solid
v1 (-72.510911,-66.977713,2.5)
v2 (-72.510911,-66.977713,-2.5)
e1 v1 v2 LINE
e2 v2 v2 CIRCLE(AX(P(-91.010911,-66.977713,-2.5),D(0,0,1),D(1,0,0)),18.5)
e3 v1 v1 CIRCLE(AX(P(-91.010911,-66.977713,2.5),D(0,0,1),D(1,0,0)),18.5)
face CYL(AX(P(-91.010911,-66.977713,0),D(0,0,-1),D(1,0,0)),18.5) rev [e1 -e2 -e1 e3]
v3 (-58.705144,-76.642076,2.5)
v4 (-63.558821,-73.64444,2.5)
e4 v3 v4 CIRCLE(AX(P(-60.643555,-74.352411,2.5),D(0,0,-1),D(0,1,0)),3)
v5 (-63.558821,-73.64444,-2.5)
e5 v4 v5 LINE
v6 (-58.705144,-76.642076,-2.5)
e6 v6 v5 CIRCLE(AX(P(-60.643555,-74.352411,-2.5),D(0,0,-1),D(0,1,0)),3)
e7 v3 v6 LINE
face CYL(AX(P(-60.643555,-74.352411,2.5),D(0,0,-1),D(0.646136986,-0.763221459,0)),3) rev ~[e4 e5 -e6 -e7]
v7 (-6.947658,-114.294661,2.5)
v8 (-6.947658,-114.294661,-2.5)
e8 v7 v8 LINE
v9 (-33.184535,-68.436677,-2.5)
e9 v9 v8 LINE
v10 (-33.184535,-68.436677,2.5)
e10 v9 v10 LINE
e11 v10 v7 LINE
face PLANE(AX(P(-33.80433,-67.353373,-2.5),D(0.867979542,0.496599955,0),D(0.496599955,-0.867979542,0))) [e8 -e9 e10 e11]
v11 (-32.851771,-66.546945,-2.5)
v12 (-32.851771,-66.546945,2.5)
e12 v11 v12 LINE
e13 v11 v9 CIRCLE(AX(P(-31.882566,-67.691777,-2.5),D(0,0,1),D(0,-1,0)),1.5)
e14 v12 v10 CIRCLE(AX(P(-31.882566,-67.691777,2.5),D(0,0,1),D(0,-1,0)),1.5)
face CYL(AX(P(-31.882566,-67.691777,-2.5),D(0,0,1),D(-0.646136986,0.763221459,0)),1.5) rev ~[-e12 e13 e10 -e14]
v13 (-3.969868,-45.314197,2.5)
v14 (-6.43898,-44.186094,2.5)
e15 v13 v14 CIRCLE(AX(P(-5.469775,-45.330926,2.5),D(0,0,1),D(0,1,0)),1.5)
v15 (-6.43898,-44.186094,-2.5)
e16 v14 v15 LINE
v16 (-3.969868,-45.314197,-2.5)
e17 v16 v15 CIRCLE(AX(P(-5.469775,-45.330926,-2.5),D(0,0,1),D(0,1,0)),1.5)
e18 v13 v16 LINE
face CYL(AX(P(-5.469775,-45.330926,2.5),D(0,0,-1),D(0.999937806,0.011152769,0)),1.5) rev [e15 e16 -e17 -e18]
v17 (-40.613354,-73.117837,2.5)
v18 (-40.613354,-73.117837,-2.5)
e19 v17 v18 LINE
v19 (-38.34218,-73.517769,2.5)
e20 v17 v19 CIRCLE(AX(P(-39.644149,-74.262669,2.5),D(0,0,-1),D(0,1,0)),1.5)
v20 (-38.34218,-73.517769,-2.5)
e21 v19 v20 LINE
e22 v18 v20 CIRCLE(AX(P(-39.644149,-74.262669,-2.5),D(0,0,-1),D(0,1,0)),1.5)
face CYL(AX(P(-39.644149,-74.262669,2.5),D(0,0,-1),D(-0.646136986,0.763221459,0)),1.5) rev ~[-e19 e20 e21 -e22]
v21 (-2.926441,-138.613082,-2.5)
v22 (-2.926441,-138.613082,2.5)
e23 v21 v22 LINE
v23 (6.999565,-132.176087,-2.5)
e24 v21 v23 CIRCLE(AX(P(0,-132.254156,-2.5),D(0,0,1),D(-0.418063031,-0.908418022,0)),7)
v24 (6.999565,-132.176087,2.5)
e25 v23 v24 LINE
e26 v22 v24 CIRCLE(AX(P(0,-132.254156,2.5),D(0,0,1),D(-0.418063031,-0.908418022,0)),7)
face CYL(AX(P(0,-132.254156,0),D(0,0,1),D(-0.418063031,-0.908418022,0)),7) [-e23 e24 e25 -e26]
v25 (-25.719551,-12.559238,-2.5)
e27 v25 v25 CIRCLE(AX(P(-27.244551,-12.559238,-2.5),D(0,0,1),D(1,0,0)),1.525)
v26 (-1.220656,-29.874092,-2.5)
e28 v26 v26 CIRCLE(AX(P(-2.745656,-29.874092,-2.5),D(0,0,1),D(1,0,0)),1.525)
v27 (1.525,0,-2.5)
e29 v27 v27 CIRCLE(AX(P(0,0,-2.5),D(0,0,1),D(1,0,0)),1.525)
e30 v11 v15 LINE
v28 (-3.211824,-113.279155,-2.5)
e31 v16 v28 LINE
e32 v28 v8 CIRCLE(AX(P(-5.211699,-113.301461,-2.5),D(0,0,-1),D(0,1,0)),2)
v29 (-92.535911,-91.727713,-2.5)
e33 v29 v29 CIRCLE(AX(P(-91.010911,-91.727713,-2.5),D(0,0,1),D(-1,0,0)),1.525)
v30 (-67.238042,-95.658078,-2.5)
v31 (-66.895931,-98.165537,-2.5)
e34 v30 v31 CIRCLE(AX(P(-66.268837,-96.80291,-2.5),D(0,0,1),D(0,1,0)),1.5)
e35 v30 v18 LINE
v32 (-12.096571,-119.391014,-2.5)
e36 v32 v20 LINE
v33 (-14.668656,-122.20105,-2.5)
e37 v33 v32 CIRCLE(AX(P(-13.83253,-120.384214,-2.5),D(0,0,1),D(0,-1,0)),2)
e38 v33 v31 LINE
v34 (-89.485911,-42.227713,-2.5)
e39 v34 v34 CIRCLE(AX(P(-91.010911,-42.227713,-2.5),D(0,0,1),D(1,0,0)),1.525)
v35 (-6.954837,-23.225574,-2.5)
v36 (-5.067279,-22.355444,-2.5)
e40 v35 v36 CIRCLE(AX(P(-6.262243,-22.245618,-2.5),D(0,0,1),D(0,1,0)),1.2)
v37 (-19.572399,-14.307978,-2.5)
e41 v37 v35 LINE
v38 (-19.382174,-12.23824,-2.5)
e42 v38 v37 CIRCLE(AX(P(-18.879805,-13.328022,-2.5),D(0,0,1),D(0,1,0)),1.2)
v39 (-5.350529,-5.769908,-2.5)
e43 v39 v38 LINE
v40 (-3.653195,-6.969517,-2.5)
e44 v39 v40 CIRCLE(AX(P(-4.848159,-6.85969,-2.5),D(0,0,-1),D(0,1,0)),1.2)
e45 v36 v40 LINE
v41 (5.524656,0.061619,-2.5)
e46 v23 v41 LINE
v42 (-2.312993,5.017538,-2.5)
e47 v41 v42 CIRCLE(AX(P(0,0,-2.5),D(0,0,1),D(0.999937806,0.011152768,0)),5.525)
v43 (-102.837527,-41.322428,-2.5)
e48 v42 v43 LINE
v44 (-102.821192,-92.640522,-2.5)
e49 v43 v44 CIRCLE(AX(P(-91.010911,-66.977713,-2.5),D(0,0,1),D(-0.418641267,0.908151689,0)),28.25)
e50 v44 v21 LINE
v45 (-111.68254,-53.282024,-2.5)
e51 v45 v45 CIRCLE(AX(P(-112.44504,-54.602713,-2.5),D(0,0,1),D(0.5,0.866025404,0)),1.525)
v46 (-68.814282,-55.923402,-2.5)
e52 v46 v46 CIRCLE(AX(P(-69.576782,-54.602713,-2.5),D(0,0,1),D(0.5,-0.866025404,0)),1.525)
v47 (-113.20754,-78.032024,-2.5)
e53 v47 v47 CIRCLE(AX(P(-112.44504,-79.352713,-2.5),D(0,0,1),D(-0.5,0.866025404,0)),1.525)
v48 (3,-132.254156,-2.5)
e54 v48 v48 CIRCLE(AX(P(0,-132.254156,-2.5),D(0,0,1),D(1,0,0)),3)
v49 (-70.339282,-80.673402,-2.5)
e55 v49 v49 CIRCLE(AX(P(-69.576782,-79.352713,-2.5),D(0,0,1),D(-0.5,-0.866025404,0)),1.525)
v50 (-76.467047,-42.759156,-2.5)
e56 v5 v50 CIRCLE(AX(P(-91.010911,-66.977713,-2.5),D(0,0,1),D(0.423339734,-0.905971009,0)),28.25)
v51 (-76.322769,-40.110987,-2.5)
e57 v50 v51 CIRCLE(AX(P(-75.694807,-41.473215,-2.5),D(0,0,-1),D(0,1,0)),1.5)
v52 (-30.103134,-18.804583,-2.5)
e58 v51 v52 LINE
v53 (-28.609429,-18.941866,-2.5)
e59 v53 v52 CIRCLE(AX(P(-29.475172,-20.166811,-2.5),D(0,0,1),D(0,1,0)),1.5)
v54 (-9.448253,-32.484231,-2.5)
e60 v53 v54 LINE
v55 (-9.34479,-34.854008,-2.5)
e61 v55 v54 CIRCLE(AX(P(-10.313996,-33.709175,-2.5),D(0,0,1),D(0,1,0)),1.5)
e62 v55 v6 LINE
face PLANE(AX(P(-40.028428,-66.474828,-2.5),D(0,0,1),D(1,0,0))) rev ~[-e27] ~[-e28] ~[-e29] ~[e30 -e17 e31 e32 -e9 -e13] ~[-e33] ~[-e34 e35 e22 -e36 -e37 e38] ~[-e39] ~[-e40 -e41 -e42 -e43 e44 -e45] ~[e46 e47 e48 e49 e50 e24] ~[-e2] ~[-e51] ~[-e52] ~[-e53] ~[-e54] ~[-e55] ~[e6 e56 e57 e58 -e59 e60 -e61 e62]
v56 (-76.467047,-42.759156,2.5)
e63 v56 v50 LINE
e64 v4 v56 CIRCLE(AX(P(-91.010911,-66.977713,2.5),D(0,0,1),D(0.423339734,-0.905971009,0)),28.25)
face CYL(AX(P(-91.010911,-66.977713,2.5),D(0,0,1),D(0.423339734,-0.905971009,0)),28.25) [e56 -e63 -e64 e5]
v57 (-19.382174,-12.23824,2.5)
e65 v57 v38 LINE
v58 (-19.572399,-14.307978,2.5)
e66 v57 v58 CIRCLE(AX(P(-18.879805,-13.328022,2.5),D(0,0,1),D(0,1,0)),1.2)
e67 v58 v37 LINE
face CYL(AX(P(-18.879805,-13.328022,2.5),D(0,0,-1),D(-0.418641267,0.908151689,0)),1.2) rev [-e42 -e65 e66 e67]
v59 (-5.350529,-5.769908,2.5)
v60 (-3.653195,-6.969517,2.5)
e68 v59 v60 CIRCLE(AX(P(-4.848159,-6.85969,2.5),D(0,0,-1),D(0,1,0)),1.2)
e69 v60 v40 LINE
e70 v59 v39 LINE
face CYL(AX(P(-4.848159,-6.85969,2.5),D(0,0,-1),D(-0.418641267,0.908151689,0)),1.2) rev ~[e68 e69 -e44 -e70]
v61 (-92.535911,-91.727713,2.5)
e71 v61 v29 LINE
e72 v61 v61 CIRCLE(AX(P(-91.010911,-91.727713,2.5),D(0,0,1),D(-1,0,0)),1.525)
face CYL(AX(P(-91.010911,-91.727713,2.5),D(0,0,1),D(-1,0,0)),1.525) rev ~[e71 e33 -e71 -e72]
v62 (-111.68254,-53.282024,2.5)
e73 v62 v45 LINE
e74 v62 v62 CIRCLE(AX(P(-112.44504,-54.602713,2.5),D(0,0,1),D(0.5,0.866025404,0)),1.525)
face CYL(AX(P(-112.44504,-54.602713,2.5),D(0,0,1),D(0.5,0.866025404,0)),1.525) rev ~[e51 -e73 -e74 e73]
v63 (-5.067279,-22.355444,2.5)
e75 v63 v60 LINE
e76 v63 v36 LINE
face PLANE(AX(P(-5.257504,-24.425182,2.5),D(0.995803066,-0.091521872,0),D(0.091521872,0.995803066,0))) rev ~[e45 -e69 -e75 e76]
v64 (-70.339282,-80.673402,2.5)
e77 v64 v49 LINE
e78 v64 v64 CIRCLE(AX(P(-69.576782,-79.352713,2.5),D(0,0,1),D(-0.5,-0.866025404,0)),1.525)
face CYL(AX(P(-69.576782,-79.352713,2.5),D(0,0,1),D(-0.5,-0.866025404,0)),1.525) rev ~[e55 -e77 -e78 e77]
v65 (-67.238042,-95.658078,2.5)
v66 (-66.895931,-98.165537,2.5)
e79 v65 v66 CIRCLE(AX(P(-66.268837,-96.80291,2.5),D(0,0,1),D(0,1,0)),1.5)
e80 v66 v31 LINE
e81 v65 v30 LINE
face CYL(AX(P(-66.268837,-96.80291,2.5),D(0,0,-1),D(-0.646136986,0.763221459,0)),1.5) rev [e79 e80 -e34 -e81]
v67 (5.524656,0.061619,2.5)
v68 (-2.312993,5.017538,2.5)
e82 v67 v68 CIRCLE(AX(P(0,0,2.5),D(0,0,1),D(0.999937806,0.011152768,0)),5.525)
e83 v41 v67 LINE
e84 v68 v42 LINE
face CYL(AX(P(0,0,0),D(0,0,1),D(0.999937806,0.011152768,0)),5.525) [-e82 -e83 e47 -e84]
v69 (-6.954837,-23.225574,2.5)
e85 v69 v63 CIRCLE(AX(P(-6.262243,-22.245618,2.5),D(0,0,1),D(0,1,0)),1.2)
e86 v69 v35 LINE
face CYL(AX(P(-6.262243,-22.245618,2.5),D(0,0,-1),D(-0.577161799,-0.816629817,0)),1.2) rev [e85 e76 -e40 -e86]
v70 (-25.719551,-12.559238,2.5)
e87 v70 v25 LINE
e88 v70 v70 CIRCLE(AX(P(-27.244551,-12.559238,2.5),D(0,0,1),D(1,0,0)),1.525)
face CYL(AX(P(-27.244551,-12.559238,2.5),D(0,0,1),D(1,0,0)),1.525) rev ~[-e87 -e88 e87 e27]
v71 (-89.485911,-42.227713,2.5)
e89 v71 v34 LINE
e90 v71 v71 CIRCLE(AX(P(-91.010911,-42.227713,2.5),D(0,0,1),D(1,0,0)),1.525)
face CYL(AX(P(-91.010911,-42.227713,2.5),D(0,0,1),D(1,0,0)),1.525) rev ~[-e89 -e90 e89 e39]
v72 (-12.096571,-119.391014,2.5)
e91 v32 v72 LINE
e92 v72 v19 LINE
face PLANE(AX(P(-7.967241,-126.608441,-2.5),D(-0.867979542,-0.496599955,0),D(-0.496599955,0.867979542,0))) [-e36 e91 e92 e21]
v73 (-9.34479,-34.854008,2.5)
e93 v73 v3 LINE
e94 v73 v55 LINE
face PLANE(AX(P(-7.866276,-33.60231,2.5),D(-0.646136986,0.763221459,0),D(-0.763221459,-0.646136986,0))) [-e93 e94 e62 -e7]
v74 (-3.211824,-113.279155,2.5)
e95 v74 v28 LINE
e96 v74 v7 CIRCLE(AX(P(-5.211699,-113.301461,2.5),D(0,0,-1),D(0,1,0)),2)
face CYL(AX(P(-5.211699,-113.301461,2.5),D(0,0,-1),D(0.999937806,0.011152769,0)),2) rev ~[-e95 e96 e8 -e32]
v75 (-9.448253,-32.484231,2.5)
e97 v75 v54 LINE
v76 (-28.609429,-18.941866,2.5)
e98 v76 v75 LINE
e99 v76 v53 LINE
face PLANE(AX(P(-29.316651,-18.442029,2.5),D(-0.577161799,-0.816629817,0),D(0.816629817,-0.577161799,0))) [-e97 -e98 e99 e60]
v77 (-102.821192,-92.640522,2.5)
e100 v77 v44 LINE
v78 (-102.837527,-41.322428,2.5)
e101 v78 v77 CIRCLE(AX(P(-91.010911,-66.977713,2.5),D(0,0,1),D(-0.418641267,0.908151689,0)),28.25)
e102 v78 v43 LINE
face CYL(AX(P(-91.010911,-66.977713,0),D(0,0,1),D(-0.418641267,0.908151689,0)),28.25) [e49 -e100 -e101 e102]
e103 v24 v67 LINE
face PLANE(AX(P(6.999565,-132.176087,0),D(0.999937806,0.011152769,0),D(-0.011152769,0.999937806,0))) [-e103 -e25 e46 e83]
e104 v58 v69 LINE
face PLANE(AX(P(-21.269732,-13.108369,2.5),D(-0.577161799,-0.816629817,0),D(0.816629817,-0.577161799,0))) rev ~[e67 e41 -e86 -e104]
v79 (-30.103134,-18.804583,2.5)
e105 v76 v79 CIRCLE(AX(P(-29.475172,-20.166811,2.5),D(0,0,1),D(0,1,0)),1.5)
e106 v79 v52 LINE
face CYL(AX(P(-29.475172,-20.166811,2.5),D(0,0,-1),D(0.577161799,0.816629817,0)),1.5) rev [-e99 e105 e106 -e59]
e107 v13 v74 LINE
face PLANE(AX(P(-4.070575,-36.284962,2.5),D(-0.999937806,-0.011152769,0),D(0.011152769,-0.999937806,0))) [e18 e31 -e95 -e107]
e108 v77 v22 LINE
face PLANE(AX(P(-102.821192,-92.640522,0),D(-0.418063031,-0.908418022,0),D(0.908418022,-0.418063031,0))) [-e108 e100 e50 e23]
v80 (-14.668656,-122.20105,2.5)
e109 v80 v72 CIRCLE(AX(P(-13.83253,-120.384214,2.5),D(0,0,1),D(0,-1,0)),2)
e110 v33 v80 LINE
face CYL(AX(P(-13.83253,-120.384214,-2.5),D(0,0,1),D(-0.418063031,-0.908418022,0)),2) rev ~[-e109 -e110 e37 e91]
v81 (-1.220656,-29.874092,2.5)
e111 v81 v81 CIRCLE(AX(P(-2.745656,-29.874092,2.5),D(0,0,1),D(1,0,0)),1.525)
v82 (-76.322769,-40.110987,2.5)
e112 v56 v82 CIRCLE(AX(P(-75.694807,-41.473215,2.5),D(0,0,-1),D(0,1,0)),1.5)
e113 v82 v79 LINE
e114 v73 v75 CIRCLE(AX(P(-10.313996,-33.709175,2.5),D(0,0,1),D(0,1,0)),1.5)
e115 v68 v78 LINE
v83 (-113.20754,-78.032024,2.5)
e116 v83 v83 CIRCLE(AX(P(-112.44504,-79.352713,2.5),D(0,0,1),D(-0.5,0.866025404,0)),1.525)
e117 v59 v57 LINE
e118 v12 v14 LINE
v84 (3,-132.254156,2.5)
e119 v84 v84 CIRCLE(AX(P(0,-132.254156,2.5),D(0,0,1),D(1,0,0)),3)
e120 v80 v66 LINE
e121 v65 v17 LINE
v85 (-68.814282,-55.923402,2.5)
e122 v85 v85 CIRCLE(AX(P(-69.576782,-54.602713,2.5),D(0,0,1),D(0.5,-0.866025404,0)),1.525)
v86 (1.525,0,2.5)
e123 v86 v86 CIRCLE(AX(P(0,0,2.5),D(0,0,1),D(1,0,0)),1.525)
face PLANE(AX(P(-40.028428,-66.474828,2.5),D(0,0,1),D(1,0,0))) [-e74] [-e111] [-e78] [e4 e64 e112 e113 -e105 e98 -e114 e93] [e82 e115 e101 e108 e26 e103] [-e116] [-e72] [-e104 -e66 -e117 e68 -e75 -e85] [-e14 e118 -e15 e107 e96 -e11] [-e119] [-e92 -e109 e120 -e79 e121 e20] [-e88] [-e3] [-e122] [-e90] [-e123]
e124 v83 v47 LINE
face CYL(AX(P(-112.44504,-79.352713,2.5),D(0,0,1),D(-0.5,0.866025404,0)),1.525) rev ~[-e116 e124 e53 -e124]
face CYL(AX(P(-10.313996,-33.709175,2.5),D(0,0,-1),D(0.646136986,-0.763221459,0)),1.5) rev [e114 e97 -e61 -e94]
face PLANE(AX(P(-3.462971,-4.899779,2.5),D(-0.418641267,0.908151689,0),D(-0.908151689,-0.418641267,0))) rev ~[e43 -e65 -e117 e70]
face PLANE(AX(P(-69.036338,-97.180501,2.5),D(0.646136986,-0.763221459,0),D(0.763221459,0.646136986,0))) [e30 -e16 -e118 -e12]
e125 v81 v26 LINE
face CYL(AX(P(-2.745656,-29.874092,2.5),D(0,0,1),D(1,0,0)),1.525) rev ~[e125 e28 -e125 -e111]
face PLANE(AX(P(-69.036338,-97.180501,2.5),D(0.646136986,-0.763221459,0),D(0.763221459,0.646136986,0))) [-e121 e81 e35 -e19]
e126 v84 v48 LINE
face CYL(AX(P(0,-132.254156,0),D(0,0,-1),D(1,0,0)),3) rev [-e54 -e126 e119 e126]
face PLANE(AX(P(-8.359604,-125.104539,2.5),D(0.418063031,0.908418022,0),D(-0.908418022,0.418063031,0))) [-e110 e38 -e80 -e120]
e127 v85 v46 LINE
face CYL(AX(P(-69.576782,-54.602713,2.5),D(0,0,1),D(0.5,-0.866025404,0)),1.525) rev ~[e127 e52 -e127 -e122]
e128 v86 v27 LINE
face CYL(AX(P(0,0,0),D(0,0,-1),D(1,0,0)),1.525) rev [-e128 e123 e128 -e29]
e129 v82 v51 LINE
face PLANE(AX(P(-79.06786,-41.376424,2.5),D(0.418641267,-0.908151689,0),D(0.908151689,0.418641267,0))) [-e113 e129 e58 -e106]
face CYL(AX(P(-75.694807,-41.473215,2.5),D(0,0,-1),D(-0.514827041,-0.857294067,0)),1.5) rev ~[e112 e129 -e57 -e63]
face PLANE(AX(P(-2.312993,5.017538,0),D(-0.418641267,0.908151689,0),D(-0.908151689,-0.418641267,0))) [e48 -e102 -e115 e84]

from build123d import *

# Parameters (mm, degrees)
SKETCH_1_R               = 18.5
SKETCH_1_R_2             = 1.525
SKETCH_1_R_3             = 3
EXTRUDE_1_DEPTH          = 2.5
SKETCH_4_R               = 1.525
CUT_EXTRUDE_3_DEPTH      = 10
PATTERN_CIRCULAR_2_COUNT = 6
SKETCH_5_R               = 1.525
CUT_EXTRUDE_4_DEPTH      = 31.54
CUT_EXTRUDE_5_DEPTH      = 31.54
EXTRUDE_2_DEPTH          = 5
EXTRUDE_3_DEPTH          = 5
FILLET_2_R               = 1.5
FILLET_2_2_R             = 3
CUT_EXTRUDE_7_DEPTH      = 5
FILLET_4_R               = 1.2
FILLET_5_R               = 2


with BuildPart() as part:
    # Sketch 1 → Extrude 1 (new body, symmetric)
    with BuildSketch(Plane.XY):
        with BuildLine():
            Line((-102.821191847, -92.640522116), (-2.926441218, -138.613082375))
            ThreePointArc((-2.926441218, -138.613082375), (3.8087152, -138.127288993), (6.999564642, -132.176086843))
            Line((6.999564642, -132.176086843), (5.524656378, 0.061619046))
            ThreePointArc((5.524656378, 0.061619046), (2.952791693, 4.66975869), (-2.312992999, 5.01753808))
            Line((-2.312992999, 5.01753808), (-102.837527006, -41.322427799))
            ThreePointArc((-102.837527006, -41.322427799), (-119.260909787, -66.986705315), (-102.821191847, -92.640522116))
        make_face()
        with Locations((-91.010911218, -66.977713005)):
            Circle(SKETCH_1_R, mode=Mode.SUBTRACT)
        Circle(SKETCH_1_R_2, mode=Mode.SUBTRACT)
        with Locations((0, -132.254156223)):
            Circle(SKETCH_1_R_3, mode=Mode.SUBTRACT)
    extrude(amount=EXTRUDE_1_DEPTH, both=True)

    # Sketch 4 → Cut-Extrude 3 (cut)
    with BuildSketch(Plane.XY.offset(2.5)):
        with Locations((-91.010911218, -42.227713005)):
            Circle(SKETCH_4_R)
    cut_extrude_3 = extrude(amount=-CUT_EXTRUDE_3_DEPTH, mode=Mode.SUBTRACT)

    # Pattern Circular 2: Cut-Extrude 3 ×6 about axis
    pattern_circular_2_axis = Axis((-91.010911218, -66.977713005, 0), (0, 0, 1))
    for i in range(1, PATTERN_CIRCULAR_2_COUNT):
        add(cut_extrude_3.rotate(pattern_circular_2_axis, i * 360 / PATTERN_CIRCULAR_2_COUNT), mode=Mode.SUBTRACT)

    # Sketch 5 → Cut-Extrude 4 (cut)
    with BuildSketch(Plane.XY.offset(2.5)):
        with Locations((-2.745656165, -29.87409199)):
            Circle(SKETCH_5_R)
        with Locations((-27.244550661, -12.559238006)):
            Circle(SKETCH_5_R)
    extrude(amount=-CUT_EXTRUDE_4_DEPTH, mode=Mode.SUBTRACT)

    # Sketch 6 → Cut-Extrude 5 (cut)
    with BuildSketch(Plane.XY.offset(2.5)):
        with BuildLine():
            Line((-79.067859687, -41.376423581), (-29.316651197, -18.44202924))
            Line((-29.316651197, -18.44202924), (-4.070575386, -36.284961557))
            Line((-4.070575386, -36.284961557), (-3.117843226, -121.705267485))
            ThreePointArc((-3.117843226, -121.705267485), (-5.985123886, -123.024947586), (-8.359603594, -125.104538908))
            Line((-8.359603594, -125.104538908), (-79.051563719, -92.57139401))
            ThreePointArc((-79.051563719, -92.57139401), (-62.760912649, -66.968720694), (-79.067859687, -41.376423581))
        make_face()
    extrude(amount=-CUT_EXTRUDE_5_DEPTH, mode=Mode.SUBTRACT)

    # Sketch 7 → Extrude 2 (add)
    with BuildSketch(Plane.XY.offset(2.5)):
        with BuildLine():
            Line((-73.548163223, -95.104113791), (-69.036338231, -97.180500639))
            Line((-69.036338231, -97.180500639), (-4.005429036, -42.12586983))
            Line((-4.005429036, -42.12586983), (-4.070575386, -36.284961557))
            Line((-4.070575386, -36.284961557), (-7.866276061, -33.602309776))
            Line((-7.866276061, -33.602309776), (-72.757541368, -88.538719222))
            ThreePointArc((-72.757541368, -88.538719222), (-75.770580222, -90.764154755), (-79.051563719, -92.57139401))
            Line((-79.051563719, -92.57139401), (-73.548163223, -95.104113791))
        make_face()
    extrude(amount=-EXTRUDE_2_DEPTH)

    # Sketch 8 → Extrude 3 (add)
    with BuildSketch(Plane(origin=(0, 0, -2.5), x_dir=(-1, 0, 0), z_dir=(0, 0, -1))):
        Polygon((7.967241055, -126.608441364), (39.55881203, -71.391285075), (33.804329575, -67.353372997), (1.891384262, -123.132241683), align=None)
    extrude(amount=-EXTRUDE_3_DEPTH)

    # Fillet 2
    fillet_2_edges = [part.edges().sort_by_distance(p)[0] for p in [
        (-69.036338231, -97.180500639, 0),
        (-39.237437692, -71.952997472, 0),
        (-33.804329575, -67.353372997, 0),
        (-4.005429036, -42.12586983, 0),
        (-7.866276061, -33.602309776, 0),
        (-79.067859687, -41.376423581, 0),
        (-29.316651197, -18.44202924, 0),
    ]]
    fillet(fillet_2_edges, radius=FILLET_2_R)

    # Fillet 2 2
    fillet_2_2_edges = [part.edges().sort_by_distance(p)[0] for p in [
        (-72.757541368, -88.538719222, 0),
    ]]
    fillet(fillet_2_2_edges, radius=FILLET_2_2_R)

    # Sketch 12 → Cut-Extrude 7 (cut)
    with BuildSketch(Plane.XY.offset(2.5)):
        Polygon((-3.462970797, -4.899778899), (-21.269732263, -13.108369239), (-5.257503766, -24.425181858), align=None)
    extrude(amount=-CUT_EXTRUDE_7_DEPTH, mode=Mode.SUBTRACT)

    # Fillet 4
    fillet_4_edges = [part.edges().sort_by_distance(p)[0] for p in [
        (-3.462970797, -4.899778899, 0),
        (-5.257503766, -24.425181858, 0),
        (-21.269732263, -13.108369239, 0),
    ]]
    fillet(fillet_4_edges, radius=FILLET_4_R)

    # Fillet 5
    fillet_5_edges = [part.edges().sort_by_distance(p)[0] for p in [
        (-8.994965293, -124.812139119, 0),
        (-3.125995679, -120.974332802, 0),
    ]]
    fillet(fillet_5_edges, radius=FILLET_5_R)


solid = part.part
